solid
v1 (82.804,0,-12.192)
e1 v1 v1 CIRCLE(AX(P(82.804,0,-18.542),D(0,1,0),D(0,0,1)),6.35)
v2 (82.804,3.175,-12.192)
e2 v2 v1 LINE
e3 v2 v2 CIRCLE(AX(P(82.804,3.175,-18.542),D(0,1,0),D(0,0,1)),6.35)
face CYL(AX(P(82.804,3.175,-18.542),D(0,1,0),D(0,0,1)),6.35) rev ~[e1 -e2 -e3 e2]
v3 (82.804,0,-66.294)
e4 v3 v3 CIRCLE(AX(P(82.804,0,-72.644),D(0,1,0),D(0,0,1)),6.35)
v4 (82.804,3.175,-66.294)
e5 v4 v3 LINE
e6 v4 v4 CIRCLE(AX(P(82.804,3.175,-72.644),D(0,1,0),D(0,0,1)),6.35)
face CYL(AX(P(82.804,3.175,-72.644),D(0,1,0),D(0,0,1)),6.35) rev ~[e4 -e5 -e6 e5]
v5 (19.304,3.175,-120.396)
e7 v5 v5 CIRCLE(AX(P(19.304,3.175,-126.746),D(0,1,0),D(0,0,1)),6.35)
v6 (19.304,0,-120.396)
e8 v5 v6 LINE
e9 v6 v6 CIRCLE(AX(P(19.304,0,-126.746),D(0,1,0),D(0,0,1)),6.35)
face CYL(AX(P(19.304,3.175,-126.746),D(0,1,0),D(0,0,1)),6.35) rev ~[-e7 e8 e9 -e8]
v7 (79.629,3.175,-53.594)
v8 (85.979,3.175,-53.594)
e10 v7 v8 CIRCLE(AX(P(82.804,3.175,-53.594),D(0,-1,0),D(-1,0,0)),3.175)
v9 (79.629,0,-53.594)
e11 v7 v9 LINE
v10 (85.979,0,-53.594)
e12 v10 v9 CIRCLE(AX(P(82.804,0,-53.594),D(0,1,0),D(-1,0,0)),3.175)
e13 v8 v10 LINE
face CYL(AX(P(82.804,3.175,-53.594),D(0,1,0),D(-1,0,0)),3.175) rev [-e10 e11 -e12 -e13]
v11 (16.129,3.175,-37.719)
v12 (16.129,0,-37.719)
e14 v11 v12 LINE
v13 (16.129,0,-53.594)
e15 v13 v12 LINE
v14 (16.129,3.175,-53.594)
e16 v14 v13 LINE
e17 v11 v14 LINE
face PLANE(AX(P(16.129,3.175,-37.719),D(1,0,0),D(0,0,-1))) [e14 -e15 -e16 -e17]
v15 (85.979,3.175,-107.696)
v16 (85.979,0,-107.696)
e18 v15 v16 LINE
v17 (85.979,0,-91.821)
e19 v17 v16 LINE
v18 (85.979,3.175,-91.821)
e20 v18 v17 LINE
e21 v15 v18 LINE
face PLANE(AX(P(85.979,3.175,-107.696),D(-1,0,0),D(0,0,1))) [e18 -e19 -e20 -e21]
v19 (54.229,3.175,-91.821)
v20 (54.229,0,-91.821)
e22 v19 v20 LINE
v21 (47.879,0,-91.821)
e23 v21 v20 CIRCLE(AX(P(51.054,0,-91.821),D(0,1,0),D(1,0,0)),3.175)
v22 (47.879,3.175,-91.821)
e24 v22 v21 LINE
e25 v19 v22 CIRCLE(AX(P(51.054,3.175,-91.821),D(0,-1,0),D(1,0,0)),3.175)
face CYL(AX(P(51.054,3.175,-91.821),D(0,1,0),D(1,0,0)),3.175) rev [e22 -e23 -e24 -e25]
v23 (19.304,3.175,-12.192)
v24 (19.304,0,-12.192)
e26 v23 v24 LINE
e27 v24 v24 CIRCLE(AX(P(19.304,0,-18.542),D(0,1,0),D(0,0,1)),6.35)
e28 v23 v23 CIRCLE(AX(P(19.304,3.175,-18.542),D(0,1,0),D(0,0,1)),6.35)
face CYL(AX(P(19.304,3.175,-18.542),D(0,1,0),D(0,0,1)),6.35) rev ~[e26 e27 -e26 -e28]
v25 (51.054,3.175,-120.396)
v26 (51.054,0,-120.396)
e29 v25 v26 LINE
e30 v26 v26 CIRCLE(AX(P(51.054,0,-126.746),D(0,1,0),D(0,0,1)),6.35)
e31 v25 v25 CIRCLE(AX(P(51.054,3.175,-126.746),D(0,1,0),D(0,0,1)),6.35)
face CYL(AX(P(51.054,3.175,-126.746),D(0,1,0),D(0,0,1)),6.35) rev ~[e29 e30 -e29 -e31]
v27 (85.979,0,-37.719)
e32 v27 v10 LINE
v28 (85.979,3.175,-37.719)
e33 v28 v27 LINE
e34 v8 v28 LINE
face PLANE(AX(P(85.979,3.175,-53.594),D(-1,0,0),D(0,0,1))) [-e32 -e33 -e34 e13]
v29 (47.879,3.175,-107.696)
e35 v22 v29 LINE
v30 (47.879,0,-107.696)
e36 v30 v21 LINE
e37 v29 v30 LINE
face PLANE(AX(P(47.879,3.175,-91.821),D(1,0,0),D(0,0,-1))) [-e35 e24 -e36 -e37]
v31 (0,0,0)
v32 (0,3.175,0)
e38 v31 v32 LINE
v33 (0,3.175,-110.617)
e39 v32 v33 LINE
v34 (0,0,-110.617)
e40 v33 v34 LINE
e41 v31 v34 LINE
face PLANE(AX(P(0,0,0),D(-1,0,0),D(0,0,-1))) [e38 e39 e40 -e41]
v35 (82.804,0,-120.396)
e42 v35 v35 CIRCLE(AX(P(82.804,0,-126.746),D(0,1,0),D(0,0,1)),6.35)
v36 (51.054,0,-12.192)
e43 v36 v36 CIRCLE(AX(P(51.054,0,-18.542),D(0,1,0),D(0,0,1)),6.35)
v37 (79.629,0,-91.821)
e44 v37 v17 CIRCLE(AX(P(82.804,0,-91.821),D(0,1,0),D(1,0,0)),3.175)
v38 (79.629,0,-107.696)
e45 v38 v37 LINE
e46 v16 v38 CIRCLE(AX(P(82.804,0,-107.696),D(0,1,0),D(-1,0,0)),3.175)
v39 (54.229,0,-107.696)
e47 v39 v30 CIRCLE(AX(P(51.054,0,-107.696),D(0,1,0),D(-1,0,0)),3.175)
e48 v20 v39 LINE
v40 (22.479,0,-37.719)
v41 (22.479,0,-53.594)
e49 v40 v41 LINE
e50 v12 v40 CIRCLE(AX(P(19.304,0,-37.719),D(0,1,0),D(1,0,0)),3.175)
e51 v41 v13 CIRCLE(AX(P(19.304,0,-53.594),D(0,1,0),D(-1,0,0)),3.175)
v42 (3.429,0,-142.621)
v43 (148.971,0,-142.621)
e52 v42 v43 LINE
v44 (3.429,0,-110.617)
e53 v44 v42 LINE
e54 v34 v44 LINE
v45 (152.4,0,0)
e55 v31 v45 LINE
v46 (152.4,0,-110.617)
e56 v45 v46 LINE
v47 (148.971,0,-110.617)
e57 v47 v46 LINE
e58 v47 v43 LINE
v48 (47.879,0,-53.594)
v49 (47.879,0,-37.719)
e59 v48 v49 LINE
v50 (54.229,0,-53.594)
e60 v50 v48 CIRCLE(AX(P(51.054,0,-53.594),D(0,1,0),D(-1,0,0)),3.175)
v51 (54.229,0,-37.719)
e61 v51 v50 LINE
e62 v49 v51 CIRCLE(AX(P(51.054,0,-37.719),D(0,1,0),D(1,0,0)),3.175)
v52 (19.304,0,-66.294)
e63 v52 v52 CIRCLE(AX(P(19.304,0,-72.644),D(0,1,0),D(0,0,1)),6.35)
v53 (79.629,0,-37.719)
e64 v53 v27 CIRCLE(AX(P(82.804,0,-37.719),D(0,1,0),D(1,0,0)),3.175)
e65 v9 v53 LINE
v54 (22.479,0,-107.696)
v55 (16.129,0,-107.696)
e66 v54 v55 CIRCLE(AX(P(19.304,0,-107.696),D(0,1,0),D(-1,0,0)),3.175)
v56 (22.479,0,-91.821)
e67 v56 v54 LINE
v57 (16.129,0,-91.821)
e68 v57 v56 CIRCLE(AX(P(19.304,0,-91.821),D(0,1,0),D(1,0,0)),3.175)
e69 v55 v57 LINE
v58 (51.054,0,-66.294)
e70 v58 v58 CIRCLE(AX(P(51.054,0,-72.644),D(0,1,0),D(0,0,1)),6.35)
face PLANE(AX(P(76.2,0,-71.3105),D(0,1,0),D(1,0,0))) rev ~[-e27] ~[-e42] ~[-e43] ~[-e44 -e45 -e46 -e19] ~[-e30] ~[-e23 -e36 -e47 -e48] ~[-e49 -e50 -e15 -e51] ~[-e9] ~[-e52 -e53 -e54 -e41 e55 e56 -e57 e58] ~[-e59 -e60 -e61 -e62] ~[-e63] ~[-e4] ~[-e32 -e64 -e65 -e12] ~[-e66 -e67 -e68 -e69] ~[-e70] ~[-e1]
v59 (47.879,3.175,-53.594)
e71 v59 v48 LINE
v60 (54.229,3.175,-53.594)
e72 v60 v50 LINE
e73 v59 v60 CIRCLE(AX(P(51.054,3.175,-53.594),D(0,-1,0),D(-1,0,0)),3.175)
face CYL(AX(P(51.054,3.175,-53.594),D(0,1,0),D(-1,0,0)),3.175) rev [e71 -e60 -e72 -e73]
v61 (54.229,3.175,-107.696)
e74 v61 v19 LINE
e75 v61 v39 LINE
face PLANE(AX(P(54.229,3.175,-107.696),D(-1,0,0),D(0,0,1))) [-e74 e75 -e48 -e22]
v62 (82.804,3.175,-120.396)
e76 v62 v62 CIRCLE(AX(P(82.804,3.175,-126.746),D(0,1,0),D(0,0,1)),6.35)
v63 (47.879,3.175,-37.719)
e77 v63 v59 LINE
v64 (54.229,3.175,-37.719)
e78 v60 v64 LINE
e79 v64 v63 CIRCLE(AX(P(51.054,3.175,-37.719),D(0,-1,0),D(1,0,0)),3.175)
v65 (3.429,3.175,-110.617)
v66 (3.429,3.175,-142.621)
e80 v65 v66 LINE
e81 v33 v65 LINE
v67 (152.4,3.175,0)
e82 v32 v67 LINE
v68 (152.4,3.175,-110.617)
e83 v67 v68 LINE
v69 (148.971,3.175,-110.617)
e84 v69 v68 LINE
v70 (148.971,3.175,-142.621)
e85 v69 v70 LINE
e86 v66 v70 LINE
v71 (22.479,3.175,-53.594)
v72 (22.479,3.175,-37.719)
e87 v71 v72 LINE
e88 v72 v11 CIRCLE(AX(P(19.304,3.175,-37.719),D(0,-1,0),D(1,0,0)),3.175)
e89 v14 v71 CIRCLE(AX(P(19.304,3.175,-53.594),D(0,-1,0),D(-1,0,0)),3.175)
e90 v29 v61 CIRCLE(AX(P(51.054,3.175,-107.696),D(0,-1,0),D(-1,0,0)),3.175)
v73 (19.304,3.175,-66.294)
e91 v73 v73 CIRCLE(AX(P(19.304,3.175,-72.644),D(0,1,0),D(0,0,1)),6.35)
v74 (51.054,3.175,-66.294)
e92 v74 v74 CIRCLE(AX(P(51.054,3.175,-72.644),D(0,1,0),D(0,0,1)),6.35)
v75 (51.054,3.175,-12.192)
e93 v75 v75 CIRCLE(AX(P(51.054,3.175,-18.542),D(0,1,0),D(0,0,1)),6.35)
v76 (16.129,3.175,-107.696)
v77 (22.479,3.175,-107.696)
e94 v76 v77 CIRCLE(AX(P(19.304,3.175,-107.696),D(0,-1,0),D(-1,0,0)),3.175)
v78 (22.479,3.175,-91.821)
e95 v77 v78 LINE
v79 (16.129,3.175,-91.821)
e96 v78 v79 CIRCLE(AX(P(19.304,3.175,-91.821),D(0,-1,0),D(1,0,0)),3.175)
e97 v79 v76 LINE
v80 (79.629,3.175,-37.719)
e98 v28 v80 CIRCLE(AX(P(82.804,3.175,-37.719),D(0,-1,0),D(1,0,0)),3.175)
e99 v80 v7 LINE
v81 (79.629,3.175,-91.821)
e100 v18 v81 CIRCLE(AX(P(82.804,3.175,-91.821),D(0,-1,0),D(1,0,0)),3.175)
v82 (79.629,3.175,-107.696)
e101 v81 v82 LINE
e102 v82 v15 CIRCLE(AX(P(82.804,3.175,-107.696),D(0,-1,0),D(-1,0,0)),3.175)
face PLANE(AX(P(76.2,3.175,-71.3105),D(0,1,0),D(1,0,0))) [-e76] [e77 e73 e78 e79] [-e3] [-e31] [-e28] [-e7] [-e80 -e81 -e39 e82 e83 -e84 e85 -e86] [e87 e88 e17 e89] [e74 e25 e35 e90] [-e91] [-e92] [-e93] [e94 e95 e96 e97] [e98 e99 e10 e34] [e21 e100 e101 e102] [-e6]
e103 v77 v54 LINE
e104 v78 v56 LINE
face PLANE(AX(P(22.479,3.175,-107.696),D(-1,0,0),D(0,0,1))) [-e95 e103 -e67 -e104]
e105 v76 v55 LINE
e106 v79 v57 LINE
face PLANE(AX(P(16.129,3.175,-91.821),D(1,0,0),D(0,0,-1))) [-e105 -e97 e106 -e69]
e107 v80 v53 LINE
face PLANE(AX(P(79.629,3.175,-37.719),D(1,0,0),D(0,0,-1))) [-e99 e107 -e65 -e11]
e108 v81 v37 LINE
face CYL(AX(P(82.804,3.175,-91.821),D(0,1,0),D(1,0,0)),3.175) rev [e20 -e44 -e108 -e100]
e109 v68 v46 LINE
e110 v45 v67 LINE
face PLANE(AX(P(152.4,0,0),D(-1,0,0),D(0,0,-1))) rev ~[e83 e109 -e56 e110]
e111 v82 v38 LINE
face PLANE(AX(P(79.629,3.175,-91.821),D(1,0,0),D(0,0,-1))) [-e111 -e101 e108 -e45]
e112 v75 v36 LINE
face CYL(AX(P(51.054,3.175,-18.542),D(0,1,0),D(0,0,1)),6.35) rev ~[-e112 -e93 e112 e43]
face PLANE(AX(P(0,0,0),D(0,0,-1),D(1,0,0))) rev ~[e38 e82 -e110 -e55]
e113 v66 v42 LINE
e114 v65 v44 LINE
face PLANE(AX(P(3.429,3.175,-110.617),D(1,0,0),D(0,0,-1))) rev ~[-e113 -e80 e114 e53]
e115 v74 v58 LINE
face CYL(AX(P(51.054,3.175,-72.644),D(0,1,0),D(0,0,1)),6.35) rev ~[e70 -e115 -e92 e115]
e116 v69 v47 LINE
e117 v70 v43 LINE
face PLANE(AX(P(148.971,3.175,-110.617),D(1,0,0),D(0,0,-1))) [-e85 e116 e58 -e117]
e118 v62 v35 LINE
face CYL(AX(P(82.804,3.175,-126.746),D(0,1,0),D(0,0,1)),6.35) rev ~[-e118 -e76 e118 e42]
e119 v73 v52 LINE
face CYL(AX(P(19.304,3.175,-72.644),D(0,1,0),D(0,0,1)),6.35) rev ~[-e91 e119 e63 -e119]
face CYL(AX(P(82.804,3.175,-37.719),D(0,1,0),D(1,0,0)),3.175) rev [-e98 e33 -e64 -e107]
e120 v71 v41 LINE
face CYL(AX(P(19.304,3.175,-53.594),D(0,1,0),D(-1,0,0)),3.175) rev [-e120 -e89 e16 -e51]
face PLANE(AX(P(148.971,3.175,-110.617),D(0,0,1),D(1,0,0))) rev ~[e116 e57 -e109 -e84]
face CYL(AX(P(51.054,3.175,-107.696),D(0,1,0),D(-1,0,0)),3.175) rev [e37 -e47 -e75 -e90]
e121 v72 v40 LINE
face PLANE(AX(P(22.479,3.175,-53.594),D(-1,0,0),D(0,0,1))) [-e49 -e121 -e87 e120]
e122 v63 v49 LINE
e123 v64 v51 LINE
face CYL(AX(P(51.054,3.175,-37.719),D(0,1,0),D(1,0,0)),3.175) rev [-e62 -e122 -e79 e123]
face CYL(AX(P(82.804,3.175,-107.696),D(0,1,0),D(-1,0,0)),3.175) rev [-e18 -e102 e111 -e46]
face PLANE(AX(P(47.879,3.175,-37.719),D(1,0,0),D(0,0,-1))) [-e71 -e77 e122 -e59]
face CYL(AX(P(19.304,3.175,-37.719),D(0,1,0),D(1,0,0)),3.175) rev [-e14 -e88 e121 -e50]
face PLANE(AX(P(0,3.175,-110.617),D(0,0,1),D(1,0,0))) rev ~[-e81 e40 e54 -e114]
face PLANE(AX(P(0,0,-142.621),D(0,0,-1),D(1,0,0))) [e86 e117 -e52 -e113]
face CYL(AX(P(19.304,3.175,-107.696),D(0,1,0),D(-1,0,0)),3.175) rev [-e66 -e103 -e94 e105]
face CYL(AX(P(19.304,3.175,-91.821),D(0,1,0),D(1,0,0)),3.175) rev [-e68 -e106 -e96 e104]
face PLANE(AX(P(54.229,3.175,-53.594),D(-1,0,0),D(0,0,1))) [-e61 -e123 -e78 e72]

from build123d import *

# Parameters (mm, degrees)
SKETCH1_W           = 152.4
SKETCH1_H           = 142.621
BOSS_EXTRUDE1_DEPTH = 3.175
SKETCH2_W           = 3.429
SKETCH2_H           = 32.004
CUT_EXTRUDE1_DEPTH  = 209.750066505
CUT_EXTRUDE2_REACH  = 210.75
SKETCH3_R           = 6.35


with BuildPart() as part:
    # Sketch1 → Boss-Extrude1 (new body)
    with BuildSketch(Plane(origin=(0, 0, 0), x_dir=(1, 0, 0), z_dir=(0, 1, 0))):
        with Locations((76.2, 71.3105)):
            Rectangle(SKETCH1_W, SKETCH1_H)
    extrude(amount=BOSS_EXTRUDE1_DEPTH)

    # Sketch2 → Cut-Extrude1 (cut, through all)
    with BuildSketch(Plane(origin=(0, 3.175, 0), x_dir=(1, 0, 0), z_dir=(0, 1, 0))):
        with Locations((1.7145, 126.619)):
            Rectangle(SKETCH2_W, SKETCH2_H)
        with Locations((150.6855, 126.619)):
            Rectangle(SKETCH2_W, SKETCH2_H)
    extrude(amount=-CUT_EXTRUDE1_DEPTH, mode=Mode.SUBTRACT)

    # Sketch3 → Cut-Extrude2 (cut, up to next)
    with BuildSketch(Plane(origin=(0, 3.175, 0), x_dir=(1, 0, 0), z_dir=(0, 1, 0)), mode=Mode.PRIVATE) as cut_extrude2_sk1:
        with Locations(Location((19.304, 126.746, 0), (0, 0, 270))):
            Circle(SKETCH3_R)
    cut_extrude2_tool1 = extrude(cut_extrude2_sk1.sketch, amount=-CUT_EXTRUDE2_REACH, mode=Mode.PRIVATE) & part.part
    # Sketch3 → Cut-Extrude2 (cut, up to next)
    with BuildSketch(Plane(origin=(0, 3.175, 0), x_dir=(1, 0, 0), z_dir=(0, 1, 0)), mode=Mode.PRIVATE) as cut_extrude2_sk2:
        with Locations(Location((51.054, 126.746, 0), (0, 0, 270))):
            Circle(SKETCH3_R)
    cut_extrude2_tool2 = extrude(cut_extrude2_sk2.sketch, amount=-CUT_EXTRUDE2_REACH, mode=Mode.PRIVATE) & part.part
    # Sketch3 → Cut-Extrude2 (cut, up to next)
    with BuildSketch(Plane(origin=(0, 3.175, 0), x_dir=(1, 0, 0), z_dir=(0, 1, 0)), mode=Mode.PRIVATE) as cut_extrude2_sk3:
        with Locations(Location((82.804, 126.746, 0), (0, 0, 270))):
            Circle(SKETCH3_R)
    cut_extrude2_tool3 = extrude(cut_extrude2_sk3.sketch, amount=-CUT_EXTRUDE2_REACH, mode=Mode.PRIVATE) & part.part
    # Sketch3 → Cut-Extrude2 (cut, up to next)
    with BuildSketch(Plane(origin=(0, 3.175, 0), x_dir=(1, 0, 0), z_dir=(0, 1, 0)), mode=Mode.PRIVATE) as cut_extrude2_sk4:
        with Locations(Location((19.304, 72.644, 0), (0, 0, 270))):
            Circle(SKETCH3_R)
    cut_extrude2_tool4 = extrude(cut_extrude2_sk4.sketch, amount=-CUT_EXTRUDE2_REACH, mode=Mode.PRIVATE) & part.part
    # Sketch3 → Cut-Extrude2 (cut, up to next)
    with BuildSketch(Plane(origin=(0, 3.175, 0), x_dir=(1, 0, 0), z_dir=(0, 1, 0)), mode=Mode.PRIVATE) as cut_extrude2_sk5:
        with Locations(Location((51.054, 72.644, 0), (0, 0, 270))):
            Circle(SKETCH3_R)
    cut_extrude2_tool5 = extrude(cut_extrude2_sk5.sketch, amount=-CUT_EXTRUDE2_REACH, mode=Mode.PRIVATE) & part.part
    # Sketch3 → Cut-Extrude2 (cut, up to next)
    with BuildSketch(Plane(origin=(0, 3.175, 0), x_dir=(1, 0, 0), z_dir=(0, 1, 0)), mode=Mode.PRIVATE) as cut_extrude2_sk6:
        with Locations(Location((82.804, 72.644, 0), (0, 0, 270))):
            Circle(SKETCH3_R)
    cut_extrude2_tool6 = extrude(cut_extrude2_sk6.sketch, amount=-CUT_EXTRUDE2_REACH, mode=Mode.PRIVATE) & part.part
    # Sketch3 → Cut-Extrude2 (cut, up to next)
    with BuildSketch(Plane(origin=(0, 3.175, 0), x_dir=(1, 0, 0), z_dir=(0, 1, 0)), mode=Mode.PRIVATE) as cut_extrude2_sk7:
        with Locations(Location((19.304, 18.542, 0), (0, 0, 270))):
            Circle(SKETCH3_R)
    cut_extrude2_tool7 = extrude(cut_extrude2_sk7.sketch, amount=-CUT_EXTRUDE2_REACH, mode=Mode.PRIVATE) & part.part
    # Sketch3 → Cut-Extrude2 (cut, up to next)
    with BuildSketch(Plane(origin=(0, 3.175, 0), x_dir=(1, 0, 0), z_dir=(0, 1, 0)), mode=Mode.PRIVATE) as cut_extrude2_sk8:
        with Locations(Location((51.054, 18.542, 0), (0, 0, 270))):
            Circle(SKETCH3_R)
    cut_extrude2_tool8 = extrude(cut_extrude2_sk8.sketch, amount=-CUT_EXTRUDE2_REACH, mode=Mode.PRIVATE) & part.part
    # Sketch3 → Cut-Extrude2 (cut, up to next)
    with BuildSketch(Plane(origin=(0, 3.175, 0), x_dir=(1, 0, 0), z_dir=(0, 1, 0)), mode=Mode.PRIVATE) as cut_extrude2_sk9:
        with Locations(Location((82.804, 18.542, 0), (0, 0, 270))):
            Circle(SKETCH3_R)
    cut_extrude2_tool9 = extrude(cut_extrude2_sk9.sketch, amount=-CUT_EXTRUDE2_REACH, mode=Mode.PRIVATE) & part.part
    # Sketch3 → Cut-Extrude2 (cut, up to next)
    with BuildSketch(Plane(origin=(0, 3.175, 0), x_dir=(1, 0, 0), z_dir=(0, 1, 0)), mode=Mode.PRIVATE) as cut_extrude2_sk10:
        with BuildLine():
            Line((22.479, 107.696), (22.479, 91.821))
            ThreePointArc((22.479, 91.821), (19.304, 88.646), (16.129, 91.821))
            Line((16.129, 91.821), (16.129, 107.696))
            ThreePointArc((16.129, 107.696), (19.304, 110.871), (22.479, 107.696))
        make_face()
    cut_extrude2_tool10 = extrude(cut_extrude2_sk10.sketch, amount=-CUT_EXTRUDE2_REACH, mode=Mode.PRIVATE) & part.part
    # Sketch3 → Cut-Extrude2 (cut, up to next)
    with BuildSketch(Plane(origin=(0, 3.175, 0), x_dir=(1, 0, 0), z_dir=(0, 1, 0)), mode=Mode.PRIVATE) as cut_extrude2_sk11:
        with BuildLine():
            Line((54.229, 107.696), (54.229, 91.821))
            ThreePointArc((54.229, 91.821), (51.054, 88.646), (47.879, 91.821))
            Line((47.879, 91.821), (47.879, 107.696))
            ThreePointArc((47.879, 107.696), (51.054, 110.871), (54.229, 107.696))
        make_face()
    cut_extrude2_tool11 = extrude(cut_extrude2_sk11.sketch, amount=-CUT_EXTRUDE2_REACH, mode=Mode.PRIVATE) & part.part
    # Sketch3 → Cut-Extrude2 (cut, up to next)
    with BuildSketch(Plane(origin=(0, 3.175, 0), x_dir=(1, 0, 0), z_dir=(0, 1, 0)), mode=Mode.PRIVATE) as cut_extrude2_sk12:
        with BuildLine():
            Line((85.979, 107.696), (85.979, 91.821))
            ThreePointArc((85.979, 91.821), (82.804, 88.646), (79.629, 91.821))
            Line((79.629, 91.821), (79.629, 107.696))
            ThreePointArc((79.629, 107.696), (82.804, 110.871), (85.979, 107.696))
        make_face()
    cut_extrude2_tool12 = extrude(cut_extrude2_sk12.sketch, amount=-CUT_EXTRUDE2_REACH, mode=Mode.PRIVATE) & part.part
    # Sketch3 → Cut-Extrude2 (cut, up to next)
    with BuildSketch(Plane(origin=(0, 3.175, 0), x_dir=(1, 0, 0), z_dir=(0, 1, 0)), mode=Mode.PRIVATE) as cut_extrude2_sk13:
        with BuildLine():
            Line((22.479, 53.594), (22.479, 37.719))
            ThreePointArc((22.479, 37.719), (19.304, 34.544), (16.129, 37.719))
            Line((16.129, 37.719), (16.129, 53.594))
            ThreePointArc((16.129, 53.594), (19.304, 56.769), (22.479, 53.594))
        make_face()
    cut_extrude2_tool13 = extrude(cut_extrude2_sk13.sketch, amount=-CUT_EXTRUDE2_REACH, mode=Mode.PRIVATE) & part.part
    # Sketch3 → Cut-Extrude2 (cut, up to next)
    with BuildSketch(Plane(origin=(0, 3.175, 0), x_dir=(1, 0, 0), z_dir=(0, 1, 0)), mode=Mode.PRIVATE) as cut_extrude2_sk14:
        with BuildLine():
            Line((54.229, 53.594), (54.229, 37.719))
            ThreePointArc((54.229, 37.719), (51.054, 34.544), (47.879, 37.719))
            Line((47.879, 37.719), (47.879, 53.594))
            ThreePointArc((47.879, 53.594), (51.054, 56.769), (54.229, 53.594))
        make_face()
    cut_extrude2_tool14 = extrude(cut_extrude2_sk14.sketch, amount=-CUT_EXTRUDE2_REACH, mode=Mode.PRIVATE) & part.part
    # Sketch3 → Cut-Extrude2 (cut, up to next)
    with BuildSketch(Plane(origin=(0, 3.175, 0), x_dir=(1, 0, 0), z_dir=(0, 1, 0)), mode=Mode.PRIVATE) as cut_extrude2_sk15:
        with BuildLine():
            Line((85.979, 53.594), (85.979, 37.719))
            ThreePointArc((85.979, 37.719), (82.804, 34.544), (79.629, 37.719))
            Line((79.629, 37.719), (79.629, 53.594))
            ThreePointArc((79.629, 53.594), (82.804, 56.769), (85.979, 53.594))
        make_face()
    cut_extrude2_tool15 = extrude(cut_extrude2_sk15.sketch, amount=-CUT_EXTRUDE2_REACH, mode=Mode.PRIVATE) & part.part
    add(cut_extrude2_tool1.solids().sort_by_distance((19.304, 3.175, -126.746))[0], mode=Mode.SUBTRACT)
    add(cut_extrude2_tool2.solids().sort_by_distance((51.054, 3.175, -126.746))[0], mode=Mode.SUBTRACT)
    add(cut_extrude2_tool3.solids().sort_by_distance((82.804, 3.175, -126.746))[0], mode=Mode.SUBTRACT)
    add(cut_extrude2_tool4.solids().sort_by_distance((19.304, 3.175, -72.644))[0], mode=Mode.SUBTRACT)
    add(cut_extrude2_tool5.solids().sort_by_distance((51.054, 3.175, -72.644))[0], mode=Mode.SUBTRACT)
    add(cut_extrude2_tool6.solids().sort_by_distance((82.804, 3.175, -72.644))[0], mode=Mode.SUBTRACT)
    add(cut_extrude2_tool7.solids().sort_by_distance((19.304, 3.175, -18.542))[0], mode=Mode.SUBTRACT)
    add(cut_extrude2_tool8.solids().sort_by_distance((51.054, 3.175, -18.542))[0], mode=Mode.SUBTRACT)
    add(cut_extrude2_tool9.solids().sort_by_distance((82.804, 3.175, -18.542))[0], mode=Mode.SUBTRACT)
    add(cut_extrude2_tool10.solids().sort_by_distance((19.304, 3.175, -99.7585))[0], mode=Mode.SUBTRACT)
    add(cut_extrude2_tool11.solids().sort_by_distance((51.054, 3.175, -99.7585))[0], mode=Mode.SUBTRACT)
    add(cut_extrude2_tool12.solids().sort_by_distance((82.804, 3.175, -99.7585))[0], mode=Mode.SUBTRACT)
    add(cut_extrude2_tool13.solids().sort_by_distance((19.304, 3.175, -45.6565))[0], mode=Mode.SUBTRACT)
    add(cut_extrude2_tool14.solids().sort_by_distance((51.054, 3.175, -45.6565))[0], mode=Mode.SUBTRACT)
    add(cut_extrude2_tool15.solids().sort_by_distance((82.804, 3.175, -45.6565))[0], mode=Mode.SUBTRACT)


solid = part.part
